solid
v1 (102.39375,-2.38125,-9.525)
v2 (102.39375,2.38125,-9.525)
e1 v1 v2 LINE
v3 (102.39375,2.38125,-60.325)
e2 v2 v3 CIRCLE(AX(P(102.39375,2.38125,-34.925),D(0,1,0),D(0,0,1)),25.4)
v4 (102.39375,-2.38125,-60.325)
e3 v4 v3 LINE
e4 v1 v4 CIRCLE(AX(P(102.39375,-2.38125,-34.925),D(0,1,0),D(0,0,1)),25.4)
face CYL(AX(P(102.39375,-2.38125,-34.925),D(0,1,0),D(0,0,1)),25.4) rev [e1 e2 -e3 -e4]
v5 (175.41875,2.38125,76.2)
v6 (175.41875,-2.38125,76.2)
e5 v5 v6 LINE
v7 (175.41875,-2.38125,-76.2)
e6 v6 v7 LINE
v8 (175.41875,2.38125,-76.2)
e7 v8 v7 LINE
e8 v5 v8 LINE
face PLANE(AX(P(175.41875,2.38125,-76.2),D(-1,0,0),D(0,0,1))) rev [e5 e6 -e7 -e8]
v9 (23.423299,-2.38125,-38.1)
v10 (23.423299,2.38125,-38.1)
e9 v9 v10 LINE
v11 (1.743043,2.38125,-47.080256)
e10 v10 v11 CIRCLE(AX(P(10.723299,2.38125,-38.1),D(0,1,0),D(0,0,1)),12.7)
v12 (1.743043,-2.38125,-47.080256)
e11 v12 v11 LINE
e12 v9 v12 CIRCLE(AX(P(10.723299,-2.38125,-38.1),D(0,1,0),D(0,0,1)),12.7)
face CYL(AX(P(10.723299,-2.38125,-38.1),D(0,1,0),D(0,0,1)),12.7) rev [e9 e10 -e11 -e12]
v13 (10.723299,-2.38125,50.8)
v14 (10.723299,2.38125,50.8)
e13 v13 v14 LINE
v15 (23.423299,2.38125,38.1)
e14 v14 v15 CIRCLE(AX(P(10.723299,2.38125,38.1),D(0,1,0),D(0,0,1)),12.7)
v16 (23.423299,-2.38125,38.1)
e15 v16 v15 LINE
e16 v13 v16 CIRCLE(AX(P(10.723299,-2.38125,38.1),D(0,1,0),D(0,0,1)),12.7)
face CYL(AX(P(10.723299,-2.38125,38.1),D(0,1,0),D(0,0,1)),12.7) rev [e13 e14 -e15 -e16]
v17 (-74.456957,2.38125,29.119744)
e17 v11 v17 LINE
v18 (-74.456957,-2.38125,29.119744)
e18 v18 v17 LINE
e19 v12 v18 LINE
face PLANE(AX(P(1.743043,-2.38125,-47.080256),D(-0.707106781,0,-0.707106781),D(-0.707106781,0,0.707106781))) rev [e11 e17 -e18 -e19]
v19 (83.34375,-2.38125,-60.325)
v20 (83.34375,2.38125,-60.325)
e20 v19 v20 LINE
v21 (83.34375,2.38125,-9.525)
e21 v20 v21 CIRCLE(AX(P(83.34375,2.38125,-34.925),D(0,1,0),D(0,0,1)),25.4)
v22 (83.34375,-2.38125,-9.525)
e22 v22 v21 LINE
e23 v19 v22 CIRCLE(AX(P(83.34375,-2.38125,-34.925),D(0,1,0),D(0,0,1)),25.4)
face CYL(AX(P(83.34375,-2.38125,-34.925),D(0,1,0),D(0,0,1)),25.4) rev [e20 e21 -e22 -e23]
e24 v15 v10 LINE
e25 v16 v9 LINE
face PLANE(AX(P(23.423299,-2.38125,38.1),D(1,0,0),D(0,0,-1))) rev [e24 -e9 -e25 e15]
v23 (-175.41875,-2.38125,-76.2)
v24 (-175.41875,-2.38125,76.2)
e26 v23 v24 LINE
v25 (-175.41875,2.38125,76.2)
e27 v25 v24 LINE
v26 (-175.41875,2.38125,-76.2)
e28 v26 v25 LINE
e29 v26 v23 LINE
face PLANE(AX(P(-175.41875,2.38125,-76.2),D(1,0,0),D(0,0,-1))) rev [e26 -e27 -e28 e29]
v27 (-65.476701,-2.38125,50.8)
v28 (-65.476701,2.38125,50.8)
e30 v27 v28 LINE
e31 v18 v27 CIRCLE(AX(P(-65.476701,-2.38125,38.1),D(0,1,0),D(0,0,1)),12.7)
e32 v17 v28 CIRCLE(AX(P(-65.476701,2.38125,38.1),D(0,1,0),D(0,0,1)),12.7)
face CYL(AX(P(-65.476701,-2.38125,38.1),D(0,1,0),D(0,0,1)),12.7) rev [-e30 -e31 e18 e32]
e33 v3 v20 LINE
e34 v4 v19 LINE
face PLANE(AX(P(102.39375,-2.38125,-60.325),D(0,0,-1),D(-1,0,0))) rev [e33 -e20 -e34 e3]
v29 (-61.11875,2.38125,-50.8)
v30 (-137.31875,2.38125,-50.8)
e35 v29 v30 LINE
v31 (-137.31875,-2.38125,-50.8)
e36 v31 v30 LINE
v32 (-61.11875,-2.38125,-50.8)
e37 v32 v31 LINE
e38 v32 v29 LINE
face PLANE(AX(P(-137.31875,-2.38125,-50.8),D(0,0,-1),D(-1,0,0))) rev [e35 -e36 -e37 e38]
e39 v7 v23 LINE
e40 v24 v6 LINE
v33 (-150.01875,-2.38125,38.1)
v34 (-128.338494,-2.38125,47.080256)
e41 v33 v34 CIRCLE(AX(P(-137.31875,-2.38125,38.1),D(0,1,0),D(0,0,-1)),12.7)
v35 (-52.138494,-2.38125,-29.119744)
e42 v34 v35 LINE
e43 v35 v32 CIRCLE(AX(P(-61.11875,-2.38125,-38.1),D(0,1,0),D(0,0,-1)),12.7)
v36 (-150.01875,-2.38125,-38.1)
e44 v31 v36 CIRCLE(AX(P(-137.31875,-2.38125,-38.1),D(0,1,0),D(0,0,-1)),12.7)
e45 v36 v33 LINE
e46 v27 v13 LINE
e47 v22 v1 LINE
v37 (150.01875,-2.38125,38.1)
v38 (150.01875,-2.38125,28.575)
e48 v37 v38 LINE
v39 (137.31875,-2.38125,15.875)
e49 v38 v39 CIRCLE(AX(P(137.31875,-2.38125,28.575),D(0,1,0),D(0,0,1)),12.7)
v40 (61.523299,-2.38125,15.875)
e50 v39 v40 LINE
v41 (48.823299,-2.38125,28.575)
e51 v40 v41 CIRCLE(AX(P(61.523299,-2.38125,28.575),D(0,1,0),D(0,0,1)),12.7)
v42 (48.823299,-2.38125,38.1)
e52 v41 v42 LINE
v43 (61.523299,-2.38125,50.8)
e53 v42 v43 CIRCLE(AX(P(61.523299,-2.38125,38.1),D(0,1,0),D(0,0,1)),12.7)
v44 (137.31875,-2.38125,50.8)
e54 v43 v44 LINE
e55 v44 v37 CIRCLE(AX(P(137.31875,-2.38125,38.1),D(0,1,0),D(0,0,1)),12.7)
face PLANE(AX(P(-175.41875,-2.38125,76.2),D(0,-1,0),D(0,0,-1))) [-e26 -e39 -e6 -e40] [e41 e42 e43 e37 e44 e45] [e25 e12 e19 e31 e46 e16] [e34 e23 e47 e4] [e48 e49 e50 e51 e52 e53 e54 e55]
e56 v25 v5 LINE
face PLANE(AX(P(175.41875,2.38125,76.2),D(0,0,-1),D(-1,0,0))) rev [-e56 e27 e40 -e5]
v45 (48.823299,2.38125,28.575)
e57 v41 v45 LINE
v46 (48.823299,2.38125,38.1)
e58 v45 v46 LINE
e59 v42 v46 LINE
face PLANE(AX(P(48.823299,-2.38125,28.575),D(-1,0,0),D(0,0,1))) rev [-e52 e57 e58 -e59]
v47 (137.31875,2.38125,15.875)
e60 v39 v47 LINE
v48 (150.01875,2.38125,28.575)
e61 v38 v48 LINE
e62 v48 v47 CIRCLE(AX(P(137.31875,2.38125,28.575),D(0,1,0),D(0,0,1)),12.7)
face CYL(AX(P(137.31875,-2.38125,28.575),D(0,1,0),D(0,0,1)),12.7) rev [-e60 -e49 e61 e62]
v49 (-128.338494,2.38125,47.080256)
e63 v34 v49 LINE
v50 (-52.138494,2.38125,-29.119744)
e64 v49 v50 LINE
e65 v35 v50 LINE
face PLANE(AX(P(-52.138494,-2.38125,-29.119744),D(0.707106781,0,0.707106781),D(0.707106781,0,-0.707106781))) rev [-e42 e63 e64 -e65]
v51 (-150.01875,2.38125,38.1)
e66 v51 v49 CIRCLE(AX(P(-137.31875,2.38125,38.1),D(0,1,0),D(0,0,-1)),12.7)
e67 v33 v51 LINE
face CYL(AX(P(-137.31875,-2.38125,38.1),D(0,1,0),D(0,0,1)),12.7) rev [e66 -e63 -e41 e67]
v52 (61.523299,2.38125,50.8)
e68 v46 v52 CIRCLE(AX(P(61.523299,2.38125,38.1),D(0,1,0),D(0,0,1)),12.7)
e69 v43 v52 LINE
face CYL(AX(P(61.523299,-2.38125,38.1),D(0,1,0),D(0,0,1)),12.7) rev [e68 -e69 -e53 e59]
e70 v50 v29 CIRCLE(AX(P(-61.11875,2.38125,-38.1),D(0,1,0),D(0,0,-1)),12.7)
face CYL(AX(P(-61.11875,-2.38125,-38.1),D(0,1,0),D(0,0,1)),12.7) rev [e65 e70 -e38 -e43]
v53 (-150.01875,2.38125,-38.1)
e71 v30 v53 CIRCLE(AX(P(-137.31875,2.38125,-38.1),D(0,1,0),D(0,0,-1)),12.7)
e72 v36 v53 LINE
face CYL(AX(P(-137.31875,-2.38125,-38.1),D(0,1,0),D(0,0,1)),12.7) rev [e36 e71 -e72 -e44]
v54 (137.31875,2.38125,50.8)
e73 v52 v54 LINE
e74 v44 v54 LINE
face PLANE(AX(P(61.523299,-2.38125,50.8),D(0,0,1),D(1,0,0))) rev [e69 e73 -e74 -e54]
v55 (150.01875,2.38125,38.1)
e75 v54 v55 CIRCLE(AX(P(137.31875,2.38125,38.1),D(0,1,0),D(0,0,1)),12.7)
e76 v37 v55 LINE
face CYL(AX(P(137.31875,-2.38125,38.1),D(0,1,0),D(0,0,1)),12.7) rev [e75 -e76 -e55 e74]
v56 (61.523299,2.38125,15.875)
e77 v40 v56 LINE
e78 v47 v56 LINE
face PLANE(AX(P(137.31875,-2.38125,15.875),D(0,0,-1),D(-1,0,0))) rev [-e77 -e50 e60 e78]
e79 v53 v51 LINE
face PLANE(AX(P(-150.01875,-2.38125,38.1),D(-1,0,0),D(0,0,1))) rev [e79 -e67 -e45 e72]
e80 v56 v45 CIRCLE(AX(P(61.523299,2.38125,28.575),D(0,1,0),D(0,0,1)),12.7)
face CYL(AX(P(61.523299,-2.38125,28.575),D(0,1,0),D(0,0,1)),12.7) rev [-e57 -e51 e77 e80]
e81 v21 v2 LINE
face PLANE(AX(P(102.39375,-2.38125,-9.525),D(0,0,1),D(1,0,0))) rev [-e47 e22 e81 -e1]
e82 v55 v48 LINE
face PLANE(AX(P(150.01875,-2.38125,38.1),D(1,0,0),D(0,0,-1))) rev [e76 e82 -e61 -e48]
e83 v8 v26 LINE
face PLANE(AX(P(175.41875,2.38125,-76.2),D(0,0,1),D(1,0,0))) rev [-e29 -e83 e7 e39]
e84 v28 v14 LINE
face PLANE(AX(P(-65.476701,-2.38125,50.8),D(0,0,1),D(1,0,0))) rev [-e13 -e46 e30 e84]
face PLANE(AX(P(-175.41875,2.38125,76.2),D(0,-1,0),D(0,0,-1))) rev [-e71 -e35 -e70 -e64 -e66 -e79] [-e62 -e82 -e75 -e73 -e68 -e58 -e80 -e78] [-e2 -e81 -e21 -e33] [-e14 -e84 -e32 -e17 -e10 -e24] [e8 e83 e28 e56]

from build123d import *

# Parameters (mm, degrees)
SKETCH1_W           = 350.8375
SKETCH1_H           = 152.4
BOSS_EXTRUDE1_DEPTH = 2.38125
CUT_EXTRUDE1_DEPTH  = 5.7625


with BuildPart() as part:
    # Sketch1 → Boss-Extrude1 (new body, symmetric)
    with BuildSketch(Plane(origin=(0, 0, 0), x_dir=(1, 0, 0), z_dir=(0, 1, 0))):
        Rectangle(SKETCH1_W, SKETCH1_H)
    extrude(amount=BOSS_EXTRUDE1_DEPTH, both=True)

    # Sketch2 → Cut-Extrude1 (cut, through all)
    with BuildSketch(Plane(origin=(0, 2.38125, 0), x_dir=(1, 0, 0), z_dir=(0, 1, 0))):
        with BuildLine():
            Line((102.39375, 9.525), (83.34375, 9.525))
            ThreePointArc((83.34375, 9.525), (57.94375, 34.925), (83.34375, 60.325))
            Line((83.34375, 60.325), (102.39375, 60.325))
            ThreePointArc((102.39375, 60.325), (127.79375, 34.925), (102.39375, 9.525))
        make_face()
        with BuildLine():
            Line((-137.31875, 50.8), (-61.11875, 50.8))
            ThreePointArc((-61.11875, 50.8), (-49.385479937, 42.960079591), (-52.138493879, 29.119743879))
            Line((-52.138493879, 29.119743879), (-128.338493879, -47.080256121))
            ThreePointArc((-128.338493879, -47.080256121), (-142.178829591, -49.833270063), (-150.01875, -38.1))
            Line((-150.01875, -38.1), (-150.01875, 38.1))
            ThreePointArc((-150.01875, 38.1), (-146.299006121, 47.080256121), (-137.31875, 50.8))
        make_face()
        with BuildLine():
            Line((-65.476701031, -50.8), (10.723298969, -50.8))
            ThreePointArc((10.723298969, -50.8), (19.70355509, -47.080256121), (23.423298969, -38.1))
            Line((23.423298969, -38.1), (23.423298969, 38.1))
            ThreePointArc((23.423298969, 38.1), (15.58337856, 49.833270063), (1.743042847, 47.080256121))
            Line((1.743042847, 47.080256121), (-74.456957153, -29.119743879))
            ThreePointArc((-74.456957153, -29.119743879), (-77.209971094, -42.960079591), (-65.476701031, -50.8))
        make_face()
        with BuildLine():
            Line((61.523298969, -50.8), (137.31875, -50.8))
            ThreePointArc((137.31875, -50.8), (146.299006121, -47.080256121), (150.01875, -38.1))
            Line((150.01875, -38.1), (150.01875, -28.575))
            ThreePointArc((150.01875, -28.575), (146.299006121, -19.594743879), (137.31875, -15.875))
            Line((137.31875, -15.875), (61.523298969, -15.875))
            ThreePointArc((61.523298969, -15.875), (52.543042847, -19.594743879), (48.823298969, -28.575))
            Line((48.823298969, -28.575), (48.823298969, -38.1))
            ThreePointArc((48.823298969, -38.1), (52.543042847, -47.080256121), (61.523298969, -50.8))
        make_face()
    extrude(amount=-CUT_EXTRUDE1_DEPTH, mode=Mode.SUBTRACT)


solid = part.part
